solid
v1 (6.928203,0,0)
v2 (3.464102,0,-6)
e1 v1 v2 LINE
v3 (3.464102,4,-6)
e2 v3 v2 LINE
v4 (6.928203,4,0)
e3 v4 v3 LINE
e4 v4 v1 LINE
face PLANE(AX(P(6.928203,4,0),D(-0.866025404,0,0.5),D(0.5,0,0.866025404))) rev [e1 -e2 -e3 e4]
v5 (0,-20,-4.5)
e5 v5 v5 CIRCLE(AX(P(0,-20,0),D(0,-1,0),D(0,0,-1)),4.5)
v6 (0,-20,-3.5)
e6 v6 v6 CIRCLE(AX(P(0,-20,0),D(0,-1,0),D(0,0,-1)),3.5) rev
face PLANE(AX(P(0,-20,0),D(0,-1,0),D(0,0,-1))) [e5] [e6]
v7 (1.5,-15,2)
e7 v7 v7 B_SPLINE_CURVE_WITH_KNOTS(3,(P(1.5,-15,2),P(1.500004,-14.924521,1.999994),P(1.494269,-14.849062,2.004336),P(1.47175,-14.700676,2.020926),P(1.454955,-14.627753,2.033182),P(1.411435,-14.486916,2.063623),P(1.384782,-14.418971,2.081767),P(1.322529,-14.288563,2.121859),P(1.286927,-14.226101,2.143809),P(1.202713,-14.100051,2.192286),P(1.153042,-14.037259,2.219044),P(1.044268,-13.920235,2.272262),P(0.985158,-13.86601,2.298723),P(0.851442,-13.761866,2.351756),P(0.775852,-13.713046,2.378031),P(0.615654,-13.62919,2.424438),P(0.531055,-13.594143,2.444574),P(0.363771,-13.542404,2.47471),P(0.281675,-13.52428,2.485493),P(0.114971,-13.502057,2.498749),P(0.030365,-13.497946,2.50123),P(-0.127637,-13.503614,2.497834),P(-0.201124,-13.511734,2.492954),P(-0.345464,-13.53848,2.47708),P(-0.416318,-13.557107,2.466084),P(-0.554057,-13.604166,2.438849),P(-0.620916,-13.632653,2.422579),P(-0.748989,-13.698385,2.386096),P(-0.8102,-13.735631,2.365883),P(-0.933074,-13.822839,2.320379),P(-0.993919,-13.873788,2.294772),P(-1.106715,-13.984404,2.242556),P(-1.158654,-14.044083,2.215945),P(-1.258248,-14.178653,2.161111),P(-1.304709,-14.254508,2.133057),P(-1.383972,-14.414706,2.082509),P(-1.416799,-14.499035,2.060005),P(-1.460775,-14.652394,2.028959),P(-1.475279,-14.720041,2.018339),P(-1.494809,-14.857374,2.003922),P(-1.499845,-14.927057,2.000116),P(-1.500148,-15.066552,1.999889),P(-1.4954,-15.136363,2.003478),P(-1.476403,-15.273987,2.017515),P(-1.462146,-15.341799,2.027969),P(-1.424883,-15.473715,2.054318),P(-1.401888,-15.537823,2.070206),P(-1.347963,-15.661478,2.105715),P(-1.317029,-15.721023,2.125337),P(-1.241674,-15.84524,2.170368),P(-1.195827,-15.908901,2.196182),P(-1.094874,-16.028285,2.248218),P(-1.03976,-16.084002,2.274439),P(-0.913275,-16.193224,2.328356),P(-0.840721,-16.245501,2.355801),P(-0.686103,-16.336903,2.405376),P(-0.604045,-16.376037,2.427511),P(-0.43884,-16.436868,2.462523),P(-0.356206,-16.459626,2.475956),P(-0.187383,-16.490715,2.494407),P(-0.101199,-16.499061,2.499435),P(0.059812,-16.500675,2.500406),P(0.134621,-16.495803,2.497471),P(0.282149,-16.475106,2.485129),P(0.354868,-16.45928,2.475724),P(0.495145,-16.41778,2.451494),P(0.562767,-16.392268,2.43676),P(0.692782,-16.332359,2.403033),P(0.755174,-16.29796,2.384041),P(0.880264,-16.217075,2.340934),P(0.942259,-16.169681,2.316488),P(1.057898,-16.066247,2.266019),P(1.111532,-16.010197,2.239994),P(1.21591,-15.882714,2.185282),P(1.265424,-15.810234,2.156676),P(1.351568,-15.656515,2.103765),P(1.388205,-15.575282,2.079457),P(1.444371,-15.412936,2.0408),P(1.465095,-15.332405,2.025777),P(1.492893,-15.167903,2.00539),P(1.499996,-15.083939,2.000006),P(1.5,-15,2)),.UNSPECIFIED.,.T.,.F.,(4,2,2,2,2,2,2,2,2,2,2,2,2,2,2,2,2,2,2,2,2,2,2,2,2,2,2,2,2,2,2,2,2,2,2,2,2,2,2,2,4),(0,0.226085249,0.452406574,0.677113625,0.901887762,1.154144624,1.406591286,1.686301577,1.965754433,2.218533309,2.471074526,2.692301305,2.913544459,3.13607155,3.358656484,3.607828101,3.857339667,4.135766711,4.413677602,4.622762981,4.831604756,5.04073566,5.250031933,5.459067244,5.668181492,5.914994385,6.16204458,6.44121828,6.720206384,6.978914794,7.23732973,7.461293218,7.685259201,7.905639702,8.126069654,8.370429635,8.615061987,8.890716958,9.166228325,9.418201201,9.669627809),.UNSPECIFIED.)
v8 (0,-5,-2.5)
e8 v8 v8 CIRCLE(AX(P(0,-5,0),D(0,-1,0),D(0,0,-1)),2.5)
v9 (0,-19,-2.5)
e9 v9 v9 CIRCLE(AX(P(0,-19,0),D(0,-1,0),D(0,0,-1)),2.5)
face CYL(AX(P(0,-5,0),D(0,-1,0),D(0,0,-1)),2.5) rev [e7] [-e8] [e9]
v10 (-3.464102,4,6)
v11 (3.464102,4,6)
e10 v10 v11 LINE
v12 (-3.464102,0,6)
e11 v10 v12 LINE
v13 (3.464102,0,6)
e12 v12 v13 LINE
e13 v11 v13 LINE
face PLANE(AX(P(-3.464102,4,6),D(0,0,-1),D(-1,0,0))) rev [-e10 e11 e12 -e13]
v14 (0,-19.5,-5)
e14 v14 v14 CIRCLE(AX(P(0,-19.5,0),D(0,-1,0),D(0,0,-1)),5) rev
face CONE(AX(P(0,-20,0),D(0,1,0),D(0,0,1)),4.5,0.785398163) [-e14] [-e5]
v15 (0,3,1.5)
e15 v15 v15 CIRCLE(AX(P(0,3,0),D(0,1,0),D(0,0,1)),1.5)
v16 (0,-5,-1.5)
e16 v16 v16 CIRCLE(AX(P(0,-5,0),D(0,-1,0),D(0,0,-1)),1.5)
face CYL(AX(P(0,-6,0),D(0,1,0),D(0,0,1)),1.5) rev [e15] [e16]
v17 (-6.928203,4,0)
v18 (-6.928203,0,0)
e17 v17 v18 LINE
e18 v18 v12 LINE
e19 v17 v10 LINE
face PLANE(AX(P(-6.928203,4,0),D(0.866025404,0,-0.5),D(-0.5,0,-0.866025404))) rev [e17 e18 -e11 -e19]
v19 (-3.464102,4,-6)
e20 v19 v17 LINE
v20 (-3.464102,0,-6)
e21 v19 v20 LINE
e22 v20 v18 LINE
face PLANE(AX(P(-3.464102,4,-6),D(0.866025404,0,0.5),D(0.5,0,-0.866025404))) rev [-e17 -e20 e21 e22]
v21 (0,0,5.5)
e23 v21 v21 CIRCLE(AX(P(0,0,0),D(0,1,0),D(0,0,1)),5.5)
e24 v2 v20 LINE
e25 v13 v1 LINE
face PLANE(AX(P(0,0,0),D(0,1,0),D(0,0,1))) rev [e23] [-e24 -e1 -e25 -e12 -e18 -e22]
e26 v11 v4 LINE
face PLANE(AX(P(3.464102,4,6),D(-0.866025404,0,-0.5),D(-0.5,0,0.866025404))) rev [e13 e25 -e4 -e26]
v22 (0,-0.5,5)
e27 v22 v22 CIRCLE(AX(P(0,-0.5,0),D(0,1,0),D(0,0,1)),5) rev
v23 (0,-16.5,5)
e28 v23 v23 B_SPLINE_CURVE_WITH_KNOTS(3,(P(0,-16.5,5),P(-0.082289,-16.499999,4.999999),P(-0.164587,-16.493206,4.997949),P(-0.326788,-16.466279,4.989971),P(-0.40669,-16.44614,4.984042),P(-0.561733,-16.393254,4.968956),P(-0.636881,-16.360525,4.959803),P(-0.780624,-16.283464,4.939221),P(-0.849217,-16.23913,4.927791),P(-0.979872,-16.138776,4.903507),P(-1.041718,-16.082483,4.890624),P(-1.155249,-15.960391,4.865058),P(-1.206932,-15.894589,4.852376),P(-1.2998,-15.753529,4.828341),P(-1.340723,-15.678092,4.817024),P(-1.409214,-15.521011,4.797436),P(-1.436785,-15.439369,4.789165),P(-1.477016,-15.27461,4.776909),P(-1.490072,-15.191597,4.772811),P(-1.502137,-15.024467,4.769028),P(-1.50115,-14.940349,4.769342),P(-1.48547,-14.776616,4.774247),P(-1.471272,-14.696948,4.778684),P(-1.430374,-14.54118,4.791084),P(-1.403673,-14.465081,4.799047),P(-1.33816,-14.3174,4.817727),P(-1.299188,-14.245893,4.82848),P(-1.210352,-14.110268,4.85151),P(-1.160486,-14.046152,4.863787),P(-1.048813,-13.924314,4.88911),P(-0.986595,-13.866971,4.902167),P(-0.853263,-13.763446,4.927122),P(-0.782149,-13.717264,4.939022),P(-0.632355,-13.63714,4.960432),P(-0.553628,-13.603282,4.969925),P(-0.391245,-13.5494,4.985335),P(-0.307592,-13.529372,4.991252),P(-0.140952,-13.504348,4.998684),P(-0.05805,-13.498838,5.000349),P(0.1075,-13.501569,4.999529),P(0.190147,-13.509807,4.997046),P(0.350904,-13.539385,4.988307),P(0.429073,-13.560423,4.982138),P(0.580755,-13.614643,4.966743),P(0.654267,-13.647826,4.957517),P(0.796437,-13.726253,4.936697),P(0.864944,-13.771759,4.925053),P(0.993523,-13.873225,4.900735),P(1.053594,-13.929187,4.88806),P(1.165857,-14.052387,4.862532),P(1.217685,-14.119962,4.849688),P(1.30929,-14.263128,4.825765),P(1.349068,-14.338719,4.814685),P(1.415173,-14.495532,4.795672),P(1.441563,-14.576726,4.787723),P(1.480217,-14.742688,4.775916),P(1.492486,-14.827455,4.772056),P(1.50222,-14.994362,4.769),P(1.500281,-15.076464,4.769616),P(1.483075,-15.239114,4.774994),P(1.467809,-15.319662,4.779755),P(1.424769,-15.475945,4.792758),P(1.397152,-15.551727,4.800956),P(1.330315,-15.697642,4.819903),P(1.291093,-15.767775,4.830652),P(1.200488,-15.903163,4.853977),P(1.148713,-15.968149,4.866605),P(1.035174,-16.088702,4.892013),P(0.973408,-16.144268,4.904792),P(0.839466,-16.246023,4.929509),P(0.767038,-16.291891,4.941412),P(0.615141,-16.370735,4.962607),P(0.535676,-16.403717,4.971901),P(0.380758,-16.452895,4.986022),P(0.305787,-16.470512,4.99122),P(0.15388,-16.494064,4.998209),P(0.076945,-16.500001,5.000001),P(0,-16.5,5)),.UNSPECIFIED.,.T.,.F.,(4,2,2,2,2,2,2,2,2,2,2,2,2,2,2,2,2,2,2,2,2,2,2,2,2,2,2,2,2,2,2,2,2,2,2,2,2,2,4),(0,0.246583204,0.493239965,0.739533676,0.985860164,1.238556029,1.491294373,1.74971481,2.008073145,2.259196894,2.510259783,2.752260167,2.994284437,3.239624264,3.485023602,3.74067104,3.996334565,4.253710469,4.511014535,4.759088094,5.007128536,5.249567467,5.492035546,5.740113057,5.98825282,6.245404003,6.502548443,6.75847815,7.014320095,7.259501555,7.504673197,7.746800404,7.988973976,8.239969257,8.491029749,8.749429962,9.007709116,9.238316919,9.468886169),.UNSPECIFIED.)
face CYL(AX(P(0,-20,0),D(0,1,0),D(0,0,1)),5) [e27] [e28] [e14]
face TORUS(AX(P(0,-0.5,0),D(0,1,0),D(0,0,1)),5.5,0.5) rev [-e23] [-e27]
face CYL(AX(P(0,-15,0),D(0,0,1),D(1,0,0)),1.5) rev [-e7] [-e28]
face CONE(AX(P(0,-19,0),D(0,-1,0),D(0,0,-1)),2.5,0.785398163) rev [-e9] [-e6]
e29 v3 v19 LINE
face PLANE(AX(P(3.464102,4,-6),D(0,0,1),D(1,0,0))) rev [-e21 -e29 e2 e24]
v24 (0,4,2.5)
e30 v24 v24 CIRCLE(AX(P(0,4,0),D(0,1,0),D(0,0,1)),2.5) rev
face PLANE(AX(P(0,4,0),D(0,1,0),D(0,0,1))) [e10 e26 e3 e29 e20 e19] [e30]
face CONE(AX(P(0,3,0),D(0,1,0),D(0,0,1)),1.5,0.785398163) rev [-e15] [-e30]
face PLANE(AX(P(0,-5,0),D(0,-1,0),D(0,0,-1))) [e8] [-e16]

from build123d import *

# Parameters (mm, degrees)
Y_KSEKLIK_EKSTR_ZYON1_DEPTH = 4
IZIM2_R                     = 5
Y_KSEKLIK_EKSTR_ZYON2_DEPTH = 20
RADYUS3_R                   = 0.5
PAH7_SIZE                   = 0.5
IZIM4_R                     = 2.5
KES_EKSTR_ZYON3_DEPTH       = 15
IZIM3_R                     = 1.5
KES_EKSTR_ZYON4_DEPTH       = 10
IZIM8_R                     = 1.5
KES_EKSTR_ZYON5_DEPTH       = 6
PAH8_SIZE                   = 1
PAH9_SIZE                   = 1


with BuildPart() as part:
    # Çizim1 → Yükseklik-Ekstrüzyon1 (new body)
    with BuildSketch(Plane(origin=(0, 0, 0), x_dir=(1, 0, 0), z_dir=(0, 1, 0))):
        Polygon((6.92820323, 0), (3.464101615, 6), (-3.464101615, 6), (-6.92820323, 0), (-3.464101615, -6), (3.464101615, -6), align=None)
    extrude(amount=Y_KSEKLIK_EKSTR_ZYON1_DEPTH)

    # Çizim2 → Yükseklik-Ekstrüzyon2 (add)
    with BuildSketch(Plane.XZ):
        with Locations(Location((0, 0, 0), (0, 0, 270))):
            Circle(IZIM2_R)
    extrude(amount=Y_KSEKLIK_EKSTR_ZYON2_DEPTH)

    # Radyus3
    radyus3_edges = [part.edges().sort_by_distance(p)[0] for p in [
        (0, 0, 5),
    ]]
    fillet(radyus3_edges, radius=RADYUS3_R)

    # Pah7
    pah7_edges = [part.edges().sort_by_distance(p)[0] for p in [
        (0, -20, 5),
    ]]
    chamfer(pah7_edges, length=PAH7_SIZE)

    # Çizim4 → Kes-Ekstrüzyon3 (cut)
    with BuildSketch(Plane.XZ.offset(20)):
        with Locations(Location((0, 0, 0), (0, 0, 270))):
            Circle(IZIM4_R)
    extrude(amount=-KES_EKSTR_ZYON3_DEPTH, mode=Mode.SUBTRACT)

    # Çizim3 → Kes-Ekstrüzyon4 (cut)
    with BuildSketch(Plane(origin=(0, 4, 0), x_dir=(1, 0, 0), z_dir=(0, 1, 0))):
        with Locations(Location((0, 0, 0), (0, 0, 270))):
            Circle(IZIM3_R)
    extrude(amount=-KES_EKSTR_ZYON4_DEPTH, mode=Mode.SUBTRACT)

    # Çizim8 → Kes-Ekstrüzyon5 (cut)
    with BuildSketch(Plane.XY.offset(6)):
        with Locations((0, -15)):
            Circle(IZIM8_R)
    extrude(amount=-KES_EKSTR_ZYON5_DEPTH, mode=Mode.SUBTRACT)

    # Pah8
    pah8_edges = [part.edges().sort_by_distance(p)[0] for p in [
        (0, -20, 2.5),
    ]]
    chamfer(pah8_edges, length=PAH8_SIZE)

    # Pah9
    pah9_edges = [part.edges().sort_by_distance(p)[0] for p in [
        (0, 4, -1.5),
    ]]
    chamfer(pah9_edges, length=PAH9_SIZE)


solid = part.part
